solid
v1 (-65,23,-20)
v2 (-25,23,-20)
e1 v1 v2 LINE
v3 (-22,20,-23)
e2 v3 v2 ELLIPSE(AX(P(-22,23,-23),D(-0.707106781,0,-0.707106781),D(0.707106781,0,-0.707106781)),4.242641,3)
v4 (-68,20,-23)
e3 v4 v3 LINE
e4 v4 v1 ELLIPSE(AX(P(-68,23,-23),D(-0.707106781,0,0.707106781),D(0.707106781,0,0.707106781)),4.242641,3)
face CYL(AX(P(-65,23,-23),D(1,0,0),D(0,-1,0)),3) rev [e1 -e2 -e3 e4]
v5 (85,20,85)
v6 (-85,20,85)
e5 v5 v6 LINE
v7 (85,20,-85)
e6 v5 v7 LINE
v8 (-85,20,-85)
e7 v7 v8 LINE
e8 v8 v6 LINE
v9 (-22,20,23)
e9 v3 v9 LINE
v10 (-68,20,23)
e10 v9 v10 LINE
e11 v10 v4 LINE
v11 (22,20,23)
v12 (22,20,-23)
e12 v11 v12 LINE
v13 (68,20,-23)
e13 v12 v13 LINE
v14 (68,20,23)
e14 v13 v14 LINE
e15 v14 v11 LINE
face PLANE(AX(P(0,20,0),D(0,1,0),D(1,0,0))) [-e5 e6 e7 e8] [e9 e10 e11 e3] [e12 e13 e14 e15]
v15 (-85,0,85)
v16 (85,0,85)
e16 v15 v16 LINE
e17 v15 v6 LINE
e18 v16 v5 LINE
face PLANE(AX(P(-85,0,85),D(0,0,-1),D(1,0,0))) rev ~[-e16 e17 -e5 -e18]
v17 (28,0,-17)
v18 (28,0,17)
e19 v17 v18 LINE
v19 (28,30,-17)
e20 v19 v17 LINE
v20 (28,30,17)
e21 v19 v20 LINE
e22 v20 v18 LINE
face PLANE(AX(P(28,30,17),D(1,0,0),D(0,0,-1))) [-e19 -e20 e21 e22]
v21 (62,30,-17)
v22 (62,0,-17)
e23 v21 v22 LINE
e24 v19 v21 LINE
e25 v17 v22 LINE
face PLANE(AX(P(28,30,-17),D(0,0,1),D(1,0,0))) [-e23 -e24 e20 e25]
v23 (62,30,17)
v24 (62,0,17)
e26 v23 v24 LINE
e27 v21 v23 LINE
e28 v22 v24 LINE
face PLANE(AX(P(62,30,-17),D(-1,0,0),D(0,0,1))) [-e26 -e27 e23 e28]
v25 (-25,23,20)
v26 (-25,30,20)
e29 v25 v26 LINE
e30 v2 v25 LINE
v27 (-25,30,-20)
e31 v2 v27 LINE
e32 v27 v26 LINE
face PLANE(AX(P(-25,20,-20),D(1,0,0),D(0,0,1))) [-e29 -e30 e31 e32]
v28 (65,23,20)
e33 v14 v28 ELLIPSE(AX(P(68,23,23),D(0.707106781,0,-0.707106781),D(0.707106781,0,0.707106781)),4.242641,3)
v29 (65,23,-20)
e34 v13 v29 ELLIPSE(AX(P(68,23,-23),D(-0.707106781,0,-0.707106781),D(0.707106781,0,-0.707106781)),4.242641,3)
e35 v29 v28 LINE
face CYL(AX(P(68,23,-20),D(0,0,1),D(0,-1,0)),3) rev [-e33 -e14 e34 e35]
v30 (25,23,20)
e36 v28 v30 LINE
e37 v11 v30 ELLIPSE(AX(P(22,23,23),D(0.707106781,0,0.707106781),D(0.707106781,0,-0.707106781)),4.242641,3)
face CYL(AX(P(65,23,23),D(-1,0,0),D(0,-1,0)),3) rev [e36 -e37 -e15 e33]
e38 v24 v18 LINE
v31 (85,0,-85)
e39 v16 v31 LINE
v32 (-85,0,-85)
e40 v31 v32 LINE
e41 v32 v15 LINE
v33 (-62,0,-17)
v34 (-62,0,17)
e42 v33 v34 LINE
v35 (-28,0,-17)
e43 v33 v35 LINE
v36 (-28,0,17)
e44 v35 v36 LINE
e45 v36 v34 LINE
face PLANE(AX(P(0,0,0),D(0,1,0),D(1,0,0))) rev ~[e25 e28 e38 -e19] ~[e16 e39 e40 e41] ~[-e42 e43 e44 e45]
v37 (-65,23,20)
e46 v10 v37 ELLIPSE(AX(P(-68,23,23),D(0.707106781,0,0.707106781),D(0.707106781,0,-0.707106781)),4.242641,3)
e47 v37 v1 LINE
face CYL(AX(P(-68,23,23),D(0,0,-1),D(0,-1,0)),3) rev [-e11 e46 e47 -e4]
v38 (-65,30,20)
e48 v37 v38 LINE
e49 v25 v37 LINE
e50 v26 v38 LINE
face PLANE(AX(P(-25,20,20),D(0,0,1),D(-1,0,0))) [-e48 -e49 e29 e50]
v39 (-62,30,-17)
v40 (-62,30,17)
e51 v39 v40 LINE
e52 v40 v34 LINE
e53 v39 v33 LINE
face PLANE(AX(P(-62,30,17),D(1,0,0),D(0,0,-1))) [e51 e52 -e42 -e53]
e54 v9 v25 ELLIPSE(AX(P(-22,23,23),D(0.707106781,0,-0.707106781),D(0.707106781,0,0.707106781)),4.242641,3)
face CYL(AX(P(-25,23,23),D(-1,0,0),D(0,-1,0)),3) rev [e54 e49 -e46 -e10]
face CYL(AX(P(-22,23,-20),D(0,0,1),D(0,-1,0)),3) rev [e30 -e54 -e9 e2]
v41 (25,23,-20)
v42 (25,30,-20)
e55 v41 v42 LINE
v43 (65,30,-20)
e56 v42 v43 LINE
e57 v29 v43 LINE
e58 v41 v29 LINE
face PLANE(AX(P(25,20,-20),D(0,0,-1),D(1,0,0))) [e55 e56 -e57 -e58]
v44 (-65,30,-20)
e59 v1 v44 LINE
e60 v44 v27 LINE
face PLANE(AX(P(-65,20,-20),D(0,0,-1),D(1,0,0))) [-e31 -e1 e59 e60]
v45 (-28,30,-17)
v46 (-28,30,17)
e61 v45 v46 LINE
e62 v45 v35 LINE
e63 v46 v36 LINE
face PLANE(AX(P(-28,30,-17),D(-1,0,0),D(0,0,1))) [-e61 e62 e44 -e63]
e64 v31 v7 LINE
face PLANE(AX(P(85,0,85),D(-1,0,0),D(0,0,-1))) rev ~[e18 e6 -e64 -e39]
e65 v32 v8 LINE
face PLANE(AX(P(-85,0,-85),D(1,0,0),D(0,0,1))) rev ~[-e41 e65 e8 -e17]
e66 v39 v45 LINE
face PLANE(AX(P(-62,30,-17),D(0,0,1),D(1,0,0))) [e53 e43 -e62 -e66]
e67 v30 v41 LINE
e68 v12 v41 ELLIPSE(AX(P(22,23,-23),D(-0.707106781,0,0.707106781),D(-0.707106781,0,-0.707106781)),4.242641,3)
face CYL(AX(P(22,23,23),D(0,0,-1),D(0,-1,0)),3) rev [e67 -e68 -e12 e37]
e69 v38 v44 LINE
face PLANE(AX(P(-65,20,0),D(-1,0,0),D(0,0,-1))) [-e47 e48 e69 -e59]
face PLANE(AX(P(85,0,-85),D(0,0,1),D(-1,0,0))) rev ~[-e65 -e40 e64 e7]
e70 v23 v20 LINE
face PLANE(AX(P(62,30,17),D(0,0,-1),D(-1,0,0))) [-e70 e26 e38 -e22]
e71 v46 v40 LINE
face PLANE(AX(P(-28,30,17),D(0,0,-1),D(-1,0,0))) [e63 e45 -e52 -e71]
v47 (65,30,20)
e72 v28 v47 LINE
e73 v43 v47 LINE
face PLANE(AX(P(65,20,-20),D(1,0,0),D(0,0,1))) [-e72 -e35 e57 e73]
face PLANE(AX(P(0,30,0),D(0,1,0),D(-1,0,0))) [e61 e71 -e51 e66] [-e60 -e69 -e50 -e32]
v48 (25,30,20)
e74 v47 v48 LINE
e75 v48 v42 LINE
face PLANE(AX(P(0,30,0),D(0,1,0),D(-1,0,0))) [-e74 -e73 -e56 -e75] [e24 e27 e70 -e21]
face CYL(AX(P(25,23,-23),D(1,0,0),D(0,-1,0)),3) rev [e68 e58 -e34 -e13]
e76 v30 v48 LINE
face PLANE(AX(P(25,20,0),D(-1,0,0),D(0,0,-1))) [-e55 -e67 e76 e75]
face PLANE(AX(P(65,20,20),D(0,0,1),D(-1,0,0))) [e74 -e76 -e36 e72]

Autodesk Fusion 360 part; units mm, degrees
sketch "Sketch1" plane through (0, 0, 0) normal (0, 1, 0) x (1, 0, 0)
  line L0 (0, -85) -> (85, -85)
  line L1 (85, -85) -> (85, 85)
  line L2 (85, 85) -> (-85, 85)
  line L3 (-85, 85) -> (-85, -85)
  line L4 (-85, -85) -> (0, -85)
  dimension "d4" = 170
  dimension "d5" = 170
extrude "Extrude1" add sketch "Sketch1" along normal blind 20
sketch "Sketch2" plane through (0, 20, 0) normal (0, 1, 0) x (-1, 0, 0)
  line L0 (85, 85) -> (-85, 85)
  line L1 (-85, 85) -> (-85, -85)
  line L2 (-85, -85) -> (85, -85)
  line L3 (85, -85) -> (85, 85)
  line L4 (65, 0) -> (65, -20)
  line L5 (65, -20) -> (25, -20)
  line L6 (25, -20) -> (25, 20)
  line L7 (25, 20) -> (65, 20)
  line L8 (65, 20) -> (65, 0)
  line L9 (-25, 0) -> (-25, -20)
  line L10 (-25, -20) -> (-65, -20)
  line L11 (-65, -20) -> (-65, 20)
  line L12 (-65, 20) -> (-25, 20)
  line L13 (-25, 20) -> (-25, 0)
  dimension "d13" = 40
  dimension "d14" = 40
  dimension "d17" = 40
  dimension "d18" = 40
extrude "Extrude2" add sketch "Sketch2" along normal blind 10 contours L4 L5 L6 L7 L8 | L9 L10 L11 L12 L13
sketch "Sketch3" plane through (0, 30, 0) normal (0, 1, 0) x (-1, 0, 0)
  line L0 (-25, 20) -> (-65, 20)
  line L1 (-65, 20) -> (-65, -20)
  line L2 (-65, -20) -> (-25, -20)
  line L3 (-25, -20) -> (-25, 20)
  line L4 (-28, 0) -> (-28, -17)
  line L5 (-28, -17) -> (-62, -17)
  line L6 (-62, -17) -> (-62, 17)
  line L7 (-62, 17) -> (-28, 17)
  line L8 (-28, 17) -> (-28, 0)
  dimension "d24" = 34
  dimension "d25" = 34
extrude "Extrude3" cut sketch "Sketch3" against normal blind 50 contours L4 L5 L6 L7 L8
sketch "Sketch4" plane through (0, 30, 0) normal (0, 1, 0) x (-1, 0, 0)
  line L0 (65, 20) -> (25, 20)
  line L1 (25, 20) -> (25, -20)
  line L2 (25, -20) -> (65, -20)
  line L3 (65, -20) -> (65, 20)
  line L4 (62, 0) -> (62, -17)
  line L5 (62, -17) -> (28, -17)
  line L6 (28, -17) -> (28, 17)
  line L7 (28, 17) -> (62, 17)
  line L8 (62, 17) -> (62, 0)
  dimension "d31" = 34
  dimension "d32" = 34
extrude "Extrude4" cut sketch "Sketch4" against normal blind 50 contours L4 L5 L6 L7 L8
fillet "Fillet1" radius 3 1 edges at (-45, 20, 20)
fillet "Fillet2" radius 3 1 edges at (-25, 20, 1.5)
fillet "Fillet3" radius 3 1 edges at (45, 20, 20)
fillet "Fillet4" radius 3 1 edges at (65, 20, 1.5)
fillet "Fillet5" radius 3 4 edges at (25, 20, 1.5) (46.5, 20, -20) (-43.5, 20, -20) (-65, 20, 1.5)
